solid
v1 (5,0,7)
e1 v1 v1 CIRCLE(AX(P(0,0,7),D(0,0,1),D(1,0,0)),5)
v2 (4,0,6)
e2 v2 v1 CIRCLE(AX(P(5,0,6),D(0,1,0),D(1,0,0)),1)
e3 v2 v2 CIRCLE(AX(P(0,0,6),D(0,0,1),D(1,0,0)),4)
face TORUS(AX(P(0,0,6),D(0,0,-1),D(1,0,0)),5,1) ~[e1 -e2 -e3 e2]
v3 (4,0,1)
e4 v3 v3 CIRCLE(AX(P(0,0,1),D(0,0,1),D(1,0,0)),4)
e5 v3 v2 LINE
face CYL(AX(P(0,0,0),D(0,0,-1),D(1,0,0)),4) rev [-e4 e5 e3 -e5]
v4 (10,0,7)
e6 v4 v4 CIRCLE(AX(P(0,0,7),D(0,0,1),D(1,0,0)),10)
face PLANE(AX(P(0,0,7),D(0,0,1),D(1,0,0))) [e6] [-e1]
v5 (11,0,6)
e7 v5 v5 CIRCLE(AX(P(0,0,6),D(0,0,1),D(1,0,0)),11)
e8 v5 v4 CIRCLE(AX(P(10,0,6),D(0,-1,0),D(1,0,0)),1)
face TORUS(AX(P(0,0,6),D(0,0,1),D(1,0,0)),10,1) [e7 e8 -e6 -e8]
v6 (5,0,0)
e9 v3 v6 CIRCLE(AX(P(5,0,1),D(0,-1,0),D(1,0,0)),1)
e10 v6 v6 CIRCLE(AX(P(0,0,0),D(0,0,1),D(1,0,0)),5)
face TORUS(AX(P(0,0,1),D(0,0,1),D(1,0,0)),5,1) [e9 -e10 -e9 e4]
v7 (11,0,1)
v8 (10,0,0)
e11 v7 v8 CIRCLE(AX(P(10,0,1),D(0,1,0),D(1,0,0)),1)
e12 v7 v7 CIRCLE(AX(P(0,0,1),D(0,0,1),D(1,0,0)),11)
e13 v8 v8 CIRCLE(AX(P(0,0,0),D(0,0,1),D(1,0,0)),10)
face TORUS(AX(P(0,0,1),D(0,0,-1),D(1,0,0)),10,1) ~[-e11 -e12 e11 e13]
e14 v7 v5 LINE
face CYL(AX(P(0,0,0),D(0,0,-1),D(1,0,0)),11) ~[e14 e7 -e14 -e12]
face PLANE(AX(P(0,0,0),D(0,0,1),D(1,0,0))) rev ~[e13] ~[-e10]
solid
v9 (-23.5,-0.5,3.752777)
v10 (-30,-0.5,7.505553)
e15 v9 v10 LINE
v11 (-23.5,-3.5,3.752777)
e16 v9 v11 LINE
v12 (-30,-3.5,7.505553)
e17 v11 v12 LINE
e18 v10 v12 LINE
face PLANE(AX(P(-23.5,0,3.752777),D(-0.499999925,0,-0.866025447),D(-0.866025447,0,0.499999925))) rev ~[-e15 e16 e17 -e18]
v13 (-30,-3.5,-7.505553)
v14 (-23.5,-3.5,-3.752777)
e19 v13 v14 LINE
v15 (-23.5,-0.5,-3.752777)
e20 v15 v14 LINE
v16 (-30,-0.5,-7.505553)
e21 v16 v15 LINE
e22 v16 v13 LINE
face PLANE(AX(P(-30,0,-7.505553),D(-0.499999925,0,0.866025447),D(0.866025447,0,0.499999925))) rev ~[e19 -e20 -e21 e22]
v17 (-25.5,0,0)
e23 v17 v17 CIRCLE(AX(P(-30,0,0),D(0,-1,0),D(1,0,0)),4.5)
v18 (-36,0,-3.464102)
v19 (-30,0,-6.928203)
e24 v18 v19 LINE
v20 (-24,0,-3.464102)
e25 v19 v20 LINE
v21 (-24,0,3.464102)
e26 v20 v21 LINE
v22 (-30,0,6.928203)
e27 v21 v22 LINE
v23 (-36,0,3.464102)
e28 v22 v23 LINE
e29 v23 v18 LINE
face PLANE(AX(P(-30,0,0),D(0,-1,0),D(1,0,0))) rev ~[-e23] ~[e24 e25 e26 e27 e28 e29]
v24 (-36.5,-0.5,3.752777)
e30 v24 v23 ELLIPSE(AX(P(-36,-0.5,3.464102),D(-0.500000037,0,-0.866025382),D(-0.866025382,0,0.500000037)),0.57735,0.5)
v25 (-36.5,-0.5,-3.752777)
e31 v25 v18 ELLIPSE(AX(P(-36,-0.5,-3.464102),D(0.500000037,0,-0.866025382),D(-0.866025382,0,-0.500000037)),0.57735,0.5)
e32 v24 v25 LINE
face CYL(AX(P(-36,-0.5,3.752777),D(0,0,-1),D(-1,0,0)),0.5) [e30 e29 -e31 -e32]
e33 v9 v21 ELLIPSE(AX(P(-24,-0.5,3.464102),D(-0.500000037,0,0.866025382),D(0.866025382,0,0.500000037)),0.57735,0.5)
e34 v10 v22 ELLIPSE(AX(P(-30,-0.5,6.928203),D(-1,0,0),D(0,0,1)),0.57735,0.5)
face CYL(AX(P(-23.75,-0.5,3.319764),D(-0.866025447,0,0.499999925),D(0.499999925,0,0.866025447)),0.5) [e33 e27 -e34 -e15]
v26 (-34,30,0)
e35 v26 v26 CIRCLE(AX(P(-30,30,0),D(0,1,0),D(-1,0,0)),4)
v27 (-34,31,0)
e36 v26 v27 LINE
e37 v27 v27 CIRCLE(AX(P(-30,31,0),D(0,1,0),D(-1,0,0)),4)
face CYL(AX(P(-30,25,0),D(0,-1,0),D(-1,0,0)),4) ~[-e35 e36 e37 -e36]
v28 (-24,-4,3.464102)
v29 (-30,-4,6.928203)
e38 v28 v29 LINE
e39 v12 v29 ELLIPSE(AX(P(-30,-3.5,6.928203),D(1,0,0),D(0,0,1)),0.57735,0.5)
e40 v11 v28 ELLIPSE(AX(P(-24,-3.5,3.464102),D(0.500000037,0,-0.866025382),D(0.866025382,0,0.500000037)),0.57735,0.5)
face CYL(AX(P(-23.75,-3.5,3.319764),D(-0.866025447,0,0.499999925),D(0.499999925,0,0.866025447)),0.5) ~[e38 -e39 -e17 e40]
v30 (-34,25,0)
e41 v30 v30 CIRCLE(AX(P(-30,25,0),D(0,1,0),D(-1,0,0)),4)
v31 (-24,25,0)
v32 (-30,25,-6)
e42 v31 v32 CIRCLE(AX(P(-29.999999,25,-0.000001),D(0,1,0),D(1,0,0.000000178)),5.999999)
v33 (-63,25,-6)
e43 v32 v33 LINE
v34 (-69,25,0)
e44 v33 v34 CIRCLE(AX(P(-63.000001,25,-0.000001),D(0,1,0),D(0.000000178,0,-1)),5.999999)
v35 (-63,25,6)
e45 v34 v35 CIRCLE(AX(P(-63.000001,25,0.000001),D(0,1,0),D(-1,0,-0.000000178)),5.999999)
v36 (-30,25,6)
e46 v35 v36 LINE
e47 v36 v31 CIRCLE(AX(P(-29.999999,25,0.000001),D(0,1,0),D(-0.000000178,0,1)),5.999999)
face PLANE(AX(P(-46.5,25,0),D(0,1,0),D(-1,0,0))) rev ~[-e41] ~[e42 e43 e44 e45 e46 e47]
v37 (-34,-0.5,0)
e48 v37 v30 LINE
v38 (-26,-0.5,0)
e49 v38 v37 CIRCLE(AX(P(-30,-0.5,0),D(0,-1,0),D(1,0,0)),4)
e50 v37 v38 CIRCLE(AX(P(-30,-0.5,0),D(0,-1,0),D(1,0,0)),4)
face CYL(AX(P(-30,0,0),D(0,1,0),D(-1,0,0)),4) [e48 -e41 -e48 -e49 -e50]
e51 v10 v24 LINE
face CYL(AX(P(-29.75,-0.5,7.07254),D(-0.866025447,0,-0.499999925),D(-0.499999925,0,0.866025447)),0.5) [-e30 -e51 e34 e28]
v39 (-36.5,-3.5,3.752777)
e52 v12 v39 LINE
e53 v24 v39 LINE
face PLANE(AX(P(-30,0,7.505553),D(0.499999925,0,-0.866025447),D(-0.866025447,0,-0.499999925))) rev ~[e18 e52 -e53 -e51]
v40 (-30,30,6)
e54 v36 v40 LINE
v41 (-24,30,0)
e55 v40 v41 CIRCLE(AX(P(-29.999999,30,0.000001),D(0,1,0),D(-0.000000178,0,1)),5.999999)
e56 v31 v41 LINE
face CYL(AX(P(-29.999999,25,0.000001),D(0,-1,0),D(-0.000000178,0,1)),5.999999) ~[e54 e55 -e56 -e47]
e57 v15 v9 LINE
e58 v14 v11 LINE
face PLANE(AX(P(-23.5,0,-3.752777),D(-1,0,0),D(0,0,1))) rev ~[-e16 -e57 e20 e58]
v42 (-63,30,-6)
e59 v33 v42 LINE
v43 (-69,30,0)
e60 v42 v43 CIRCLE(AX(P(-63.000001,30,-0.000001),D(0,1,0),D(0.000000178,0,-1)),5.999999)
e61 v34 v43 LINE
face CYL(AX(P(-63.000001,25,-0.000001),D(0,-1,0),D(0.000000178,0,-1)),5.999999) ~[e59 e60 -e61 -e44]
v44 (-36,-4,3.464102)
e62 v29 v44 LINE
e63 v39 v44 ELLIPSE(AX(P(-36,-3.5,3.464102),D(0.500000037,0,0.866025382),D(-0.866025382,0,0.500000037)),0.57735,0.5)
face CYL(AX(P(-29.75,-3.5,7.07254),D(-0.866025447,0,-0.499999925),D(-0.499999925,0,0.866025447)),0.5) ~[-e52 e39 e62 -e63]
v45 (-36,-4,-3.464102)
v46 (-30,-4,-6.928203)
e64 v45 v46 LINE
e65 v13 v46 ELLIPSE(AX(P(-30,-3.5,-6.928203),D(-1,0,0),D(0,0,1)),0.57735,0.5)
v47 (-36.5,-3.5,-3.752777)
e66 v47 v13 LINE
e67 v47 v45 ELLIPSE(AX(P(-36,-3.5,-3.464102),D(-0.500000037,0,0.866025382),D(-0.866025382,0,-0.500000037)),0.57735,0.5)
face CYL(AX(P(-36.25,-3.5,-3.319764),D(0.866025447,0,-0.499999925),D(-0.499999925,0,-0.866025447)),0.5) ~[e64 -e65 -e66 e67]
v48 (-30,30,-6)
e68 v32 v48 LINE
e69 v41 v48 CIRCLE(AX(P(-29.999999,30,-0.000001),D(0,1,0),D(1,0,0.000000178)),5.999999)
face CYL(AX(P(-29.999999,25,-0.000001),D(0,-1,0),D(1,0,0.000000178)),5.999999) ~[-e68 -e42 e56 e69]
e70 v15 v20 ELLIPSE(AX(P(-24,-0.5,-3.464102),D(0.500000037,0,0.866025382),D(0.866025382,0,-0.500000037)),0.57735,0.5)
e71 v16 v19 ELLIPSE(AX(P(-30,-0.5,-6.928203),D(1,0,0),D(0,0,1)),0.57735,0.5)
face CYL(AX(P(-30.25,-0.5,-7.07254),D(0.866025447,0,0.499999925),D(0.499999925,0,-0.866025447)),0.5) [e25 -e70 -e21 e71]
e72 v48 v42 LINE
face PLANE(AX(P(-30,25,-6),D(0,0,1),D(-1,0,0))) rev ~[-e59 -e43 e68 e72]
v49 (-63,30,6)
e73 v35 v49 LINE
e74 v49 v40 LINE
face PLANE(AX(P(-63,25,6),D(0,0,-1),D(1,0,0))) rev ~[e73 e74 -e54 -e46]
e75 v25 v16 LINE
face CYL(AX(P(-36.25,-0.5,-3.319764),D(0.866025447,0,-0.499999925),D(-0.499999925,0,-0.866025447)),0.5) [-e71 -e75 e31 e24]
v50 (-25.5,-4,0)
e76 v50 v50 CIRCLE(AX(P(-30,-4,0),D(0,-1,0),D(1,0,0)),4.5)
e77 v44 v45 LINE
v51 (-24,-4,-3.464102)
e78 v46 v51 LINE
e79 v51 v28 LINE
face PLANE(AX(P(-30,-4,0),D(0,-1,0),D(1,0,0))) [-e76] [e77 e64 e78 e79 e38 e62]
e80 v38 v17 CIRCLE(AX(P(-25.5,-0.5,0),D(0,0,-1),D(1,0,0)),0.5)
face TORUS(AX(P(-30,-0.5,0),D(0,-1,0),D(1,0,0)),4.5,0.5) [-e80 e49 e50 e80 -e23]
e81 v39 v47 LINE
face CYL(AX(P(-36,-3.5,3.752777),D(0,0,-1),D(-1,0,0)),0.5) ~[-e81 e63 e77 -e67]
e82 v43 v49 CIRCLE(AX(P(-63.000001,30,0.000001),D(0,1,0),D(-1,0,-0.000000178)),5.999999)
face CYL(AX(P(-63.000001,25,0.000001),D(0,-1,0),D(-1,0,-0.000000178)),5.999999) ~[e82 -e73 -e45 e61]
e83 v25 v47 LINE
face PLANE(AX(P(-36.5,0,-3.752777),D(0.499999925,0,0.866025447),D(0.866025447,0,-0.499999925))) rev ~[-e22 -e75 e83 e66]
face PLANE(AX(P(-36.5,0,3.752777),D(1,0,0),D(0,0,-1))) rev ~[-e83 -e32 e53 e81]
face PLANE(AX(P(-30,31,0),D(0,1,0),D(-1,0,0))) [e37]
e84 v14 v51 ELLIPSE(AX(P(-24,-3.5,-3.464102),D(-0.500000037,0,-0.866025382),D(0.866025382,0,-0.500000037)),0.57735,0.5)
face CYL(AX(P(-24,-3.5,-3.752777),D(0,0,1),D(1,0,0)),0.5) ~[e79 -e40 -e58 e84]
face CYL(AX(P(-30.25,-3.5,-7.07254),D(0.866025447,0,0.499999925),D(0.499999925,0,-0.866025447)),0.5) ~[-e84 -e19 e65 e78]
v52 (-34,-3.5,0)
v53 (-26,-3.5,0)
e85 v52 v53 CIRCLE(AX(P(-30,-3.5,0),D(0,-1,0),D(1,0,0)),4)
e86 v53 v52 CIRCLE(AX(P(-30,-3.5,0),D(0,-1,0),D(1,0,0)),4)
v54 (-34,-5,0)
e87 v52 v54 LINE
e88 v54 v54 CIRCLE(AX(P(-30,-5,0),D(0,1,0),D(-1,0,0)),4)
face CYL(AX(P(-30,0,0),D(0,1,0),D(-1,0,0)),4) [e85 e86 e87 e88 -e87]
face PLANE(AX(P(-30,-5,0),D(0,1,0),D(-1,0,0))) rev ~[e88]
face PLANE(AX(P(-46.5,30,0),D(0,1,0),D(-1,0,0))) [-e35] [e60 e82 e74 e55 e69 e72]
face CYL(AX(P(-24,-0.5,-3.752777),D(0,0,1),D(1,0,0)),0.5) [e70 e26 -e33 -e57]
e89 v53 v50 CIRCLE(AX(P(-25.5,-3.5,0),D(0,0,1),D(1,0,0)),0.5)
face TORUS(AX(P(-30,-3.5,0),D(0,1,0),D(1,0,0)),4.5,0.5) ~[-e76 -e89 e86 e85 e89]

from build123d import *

# Parameters (mm, degrees)
F0_R          = 11
F0_R_2        = 4
F1_DEPTH      = 7
F2_R          = 1
F3_R          = 4
F4_DEPTH      = 4
F5_R          = 0.5
F6_R          = 4
F7_DEPTH      = 25
F7_DEPTH_BACK = 5
F8_R          = 4
F9_DEPTH      = 5
F7_FACE_R     = 4
F10_DEPTH     = 6


with BuildPart() as f1:
    # F0 (on Top) → F1 (new body)
    with BuildSketch(Plane.XY):
        Circle(F0_R)
        Circle(F0_R_2, mode=Mode.SUBTRACT)
    extrude(amount=F1_DEPTH)

    # F2
    f2_edges = [f1.edges().sort_by_distance(p)[0] for p in [
        (-11, 0, 7),
        (11, 0, 3.5),
        (-11, 0, 0),
        (-4, 0, 7),
        (4, 0, 3.5),
        (-4, 0, 0),
    ]]
    fillet(f2_edges, radius=F2_R)


with BuildPart() as f4:
    # F3 (on Front) → F4 (new body)
    with BuildSketch(Plane.XZ):
        Polygon((-23.5, -3.752777), (-23.5, 3.752777), (-30, 7.505553), (-36.5, 3.752777), (-36.5, -3.752777), (-30, -7.505553), align=None)
        with Locations((-30, 0)):
            Circle(F3_R, mode=Mode.SUBTRACT)
    extrude(amount=F4_DEPTH)

    # F5
    f5_edges = [f4.edges().sort_by_distance(p)[0] for p in [
        (-26.75, -4, -5.629165),
        (-23.5, -4, 0),
        (-26.75, -4, 5.629165),
        (-33.25, -4, 5.629165),
        (-36.5, -4, 0),
        (-33.25, -4, -5.629165),
        (-34, -4, 0),
        (-26.75, 0, -5.629165),
        (-23.5, 0, 0),
        (-26.75, 0, 5.629165),
        (-33.25, 0, 5.629165),
        (-36.5, 0, 0),
        (-33.25, 0, -5.629165),
        (-34, 0, 0),
    ]]
    fillet(f5_edges, radius=F5_R)

    # F6 (on face) → F7 (join, two sides)
    with BuildSketch(Plane(origin=(0, 0, 0), x_dir=(-1, 0, 0), z_dir=(0, 1, 0))) as f7_sk:
        with Locations((30, 0)):
            Circle(F6_R)
    extrude(amount=F7_DEPTH)
    extrude(f7_sk.sketch, amount=-F7_DEPTH_BACK)

    # F8 (on face) → F9 (join)
    with BuildSketch(Plane(origin=(0, 25, 0), x_dir=(-1, 0, 0), z_dir=(0, 1, 0))):
        with BuildLine():
            Line((63, 6), (30, 6))
            ThreePointArc((30, 6), (25.757359, 4.242641), (24, 0))
            ThreePointArc((24, 0), (25.757359, -4.242641), (30, -6))
            Line((30, -6), (63, -6))
            ThreePointArc((63, -6), (67.242641, -4.242641), (69, 0))
            ThreePointArc((69, 0), (67.242641, 4.242641), (63, 6))
        make_face()
        with Locations((30, 0)):
            Circle(F8_R, mode=Mode.SUBTRACT)
    extrude(amount=F9_DEPTH)

    # F7_face (on face) → F10 (join)
    with BuildSketch(Plane(origin=(-30, 25, 0), x_dir=(-1, 0, 0), z_dir=(0, 1, 0))):
        Circle(F7_FACE_R)
    extrude(amount=F10_DEPTH)


solid = Compound([f1.part, f4.part])
